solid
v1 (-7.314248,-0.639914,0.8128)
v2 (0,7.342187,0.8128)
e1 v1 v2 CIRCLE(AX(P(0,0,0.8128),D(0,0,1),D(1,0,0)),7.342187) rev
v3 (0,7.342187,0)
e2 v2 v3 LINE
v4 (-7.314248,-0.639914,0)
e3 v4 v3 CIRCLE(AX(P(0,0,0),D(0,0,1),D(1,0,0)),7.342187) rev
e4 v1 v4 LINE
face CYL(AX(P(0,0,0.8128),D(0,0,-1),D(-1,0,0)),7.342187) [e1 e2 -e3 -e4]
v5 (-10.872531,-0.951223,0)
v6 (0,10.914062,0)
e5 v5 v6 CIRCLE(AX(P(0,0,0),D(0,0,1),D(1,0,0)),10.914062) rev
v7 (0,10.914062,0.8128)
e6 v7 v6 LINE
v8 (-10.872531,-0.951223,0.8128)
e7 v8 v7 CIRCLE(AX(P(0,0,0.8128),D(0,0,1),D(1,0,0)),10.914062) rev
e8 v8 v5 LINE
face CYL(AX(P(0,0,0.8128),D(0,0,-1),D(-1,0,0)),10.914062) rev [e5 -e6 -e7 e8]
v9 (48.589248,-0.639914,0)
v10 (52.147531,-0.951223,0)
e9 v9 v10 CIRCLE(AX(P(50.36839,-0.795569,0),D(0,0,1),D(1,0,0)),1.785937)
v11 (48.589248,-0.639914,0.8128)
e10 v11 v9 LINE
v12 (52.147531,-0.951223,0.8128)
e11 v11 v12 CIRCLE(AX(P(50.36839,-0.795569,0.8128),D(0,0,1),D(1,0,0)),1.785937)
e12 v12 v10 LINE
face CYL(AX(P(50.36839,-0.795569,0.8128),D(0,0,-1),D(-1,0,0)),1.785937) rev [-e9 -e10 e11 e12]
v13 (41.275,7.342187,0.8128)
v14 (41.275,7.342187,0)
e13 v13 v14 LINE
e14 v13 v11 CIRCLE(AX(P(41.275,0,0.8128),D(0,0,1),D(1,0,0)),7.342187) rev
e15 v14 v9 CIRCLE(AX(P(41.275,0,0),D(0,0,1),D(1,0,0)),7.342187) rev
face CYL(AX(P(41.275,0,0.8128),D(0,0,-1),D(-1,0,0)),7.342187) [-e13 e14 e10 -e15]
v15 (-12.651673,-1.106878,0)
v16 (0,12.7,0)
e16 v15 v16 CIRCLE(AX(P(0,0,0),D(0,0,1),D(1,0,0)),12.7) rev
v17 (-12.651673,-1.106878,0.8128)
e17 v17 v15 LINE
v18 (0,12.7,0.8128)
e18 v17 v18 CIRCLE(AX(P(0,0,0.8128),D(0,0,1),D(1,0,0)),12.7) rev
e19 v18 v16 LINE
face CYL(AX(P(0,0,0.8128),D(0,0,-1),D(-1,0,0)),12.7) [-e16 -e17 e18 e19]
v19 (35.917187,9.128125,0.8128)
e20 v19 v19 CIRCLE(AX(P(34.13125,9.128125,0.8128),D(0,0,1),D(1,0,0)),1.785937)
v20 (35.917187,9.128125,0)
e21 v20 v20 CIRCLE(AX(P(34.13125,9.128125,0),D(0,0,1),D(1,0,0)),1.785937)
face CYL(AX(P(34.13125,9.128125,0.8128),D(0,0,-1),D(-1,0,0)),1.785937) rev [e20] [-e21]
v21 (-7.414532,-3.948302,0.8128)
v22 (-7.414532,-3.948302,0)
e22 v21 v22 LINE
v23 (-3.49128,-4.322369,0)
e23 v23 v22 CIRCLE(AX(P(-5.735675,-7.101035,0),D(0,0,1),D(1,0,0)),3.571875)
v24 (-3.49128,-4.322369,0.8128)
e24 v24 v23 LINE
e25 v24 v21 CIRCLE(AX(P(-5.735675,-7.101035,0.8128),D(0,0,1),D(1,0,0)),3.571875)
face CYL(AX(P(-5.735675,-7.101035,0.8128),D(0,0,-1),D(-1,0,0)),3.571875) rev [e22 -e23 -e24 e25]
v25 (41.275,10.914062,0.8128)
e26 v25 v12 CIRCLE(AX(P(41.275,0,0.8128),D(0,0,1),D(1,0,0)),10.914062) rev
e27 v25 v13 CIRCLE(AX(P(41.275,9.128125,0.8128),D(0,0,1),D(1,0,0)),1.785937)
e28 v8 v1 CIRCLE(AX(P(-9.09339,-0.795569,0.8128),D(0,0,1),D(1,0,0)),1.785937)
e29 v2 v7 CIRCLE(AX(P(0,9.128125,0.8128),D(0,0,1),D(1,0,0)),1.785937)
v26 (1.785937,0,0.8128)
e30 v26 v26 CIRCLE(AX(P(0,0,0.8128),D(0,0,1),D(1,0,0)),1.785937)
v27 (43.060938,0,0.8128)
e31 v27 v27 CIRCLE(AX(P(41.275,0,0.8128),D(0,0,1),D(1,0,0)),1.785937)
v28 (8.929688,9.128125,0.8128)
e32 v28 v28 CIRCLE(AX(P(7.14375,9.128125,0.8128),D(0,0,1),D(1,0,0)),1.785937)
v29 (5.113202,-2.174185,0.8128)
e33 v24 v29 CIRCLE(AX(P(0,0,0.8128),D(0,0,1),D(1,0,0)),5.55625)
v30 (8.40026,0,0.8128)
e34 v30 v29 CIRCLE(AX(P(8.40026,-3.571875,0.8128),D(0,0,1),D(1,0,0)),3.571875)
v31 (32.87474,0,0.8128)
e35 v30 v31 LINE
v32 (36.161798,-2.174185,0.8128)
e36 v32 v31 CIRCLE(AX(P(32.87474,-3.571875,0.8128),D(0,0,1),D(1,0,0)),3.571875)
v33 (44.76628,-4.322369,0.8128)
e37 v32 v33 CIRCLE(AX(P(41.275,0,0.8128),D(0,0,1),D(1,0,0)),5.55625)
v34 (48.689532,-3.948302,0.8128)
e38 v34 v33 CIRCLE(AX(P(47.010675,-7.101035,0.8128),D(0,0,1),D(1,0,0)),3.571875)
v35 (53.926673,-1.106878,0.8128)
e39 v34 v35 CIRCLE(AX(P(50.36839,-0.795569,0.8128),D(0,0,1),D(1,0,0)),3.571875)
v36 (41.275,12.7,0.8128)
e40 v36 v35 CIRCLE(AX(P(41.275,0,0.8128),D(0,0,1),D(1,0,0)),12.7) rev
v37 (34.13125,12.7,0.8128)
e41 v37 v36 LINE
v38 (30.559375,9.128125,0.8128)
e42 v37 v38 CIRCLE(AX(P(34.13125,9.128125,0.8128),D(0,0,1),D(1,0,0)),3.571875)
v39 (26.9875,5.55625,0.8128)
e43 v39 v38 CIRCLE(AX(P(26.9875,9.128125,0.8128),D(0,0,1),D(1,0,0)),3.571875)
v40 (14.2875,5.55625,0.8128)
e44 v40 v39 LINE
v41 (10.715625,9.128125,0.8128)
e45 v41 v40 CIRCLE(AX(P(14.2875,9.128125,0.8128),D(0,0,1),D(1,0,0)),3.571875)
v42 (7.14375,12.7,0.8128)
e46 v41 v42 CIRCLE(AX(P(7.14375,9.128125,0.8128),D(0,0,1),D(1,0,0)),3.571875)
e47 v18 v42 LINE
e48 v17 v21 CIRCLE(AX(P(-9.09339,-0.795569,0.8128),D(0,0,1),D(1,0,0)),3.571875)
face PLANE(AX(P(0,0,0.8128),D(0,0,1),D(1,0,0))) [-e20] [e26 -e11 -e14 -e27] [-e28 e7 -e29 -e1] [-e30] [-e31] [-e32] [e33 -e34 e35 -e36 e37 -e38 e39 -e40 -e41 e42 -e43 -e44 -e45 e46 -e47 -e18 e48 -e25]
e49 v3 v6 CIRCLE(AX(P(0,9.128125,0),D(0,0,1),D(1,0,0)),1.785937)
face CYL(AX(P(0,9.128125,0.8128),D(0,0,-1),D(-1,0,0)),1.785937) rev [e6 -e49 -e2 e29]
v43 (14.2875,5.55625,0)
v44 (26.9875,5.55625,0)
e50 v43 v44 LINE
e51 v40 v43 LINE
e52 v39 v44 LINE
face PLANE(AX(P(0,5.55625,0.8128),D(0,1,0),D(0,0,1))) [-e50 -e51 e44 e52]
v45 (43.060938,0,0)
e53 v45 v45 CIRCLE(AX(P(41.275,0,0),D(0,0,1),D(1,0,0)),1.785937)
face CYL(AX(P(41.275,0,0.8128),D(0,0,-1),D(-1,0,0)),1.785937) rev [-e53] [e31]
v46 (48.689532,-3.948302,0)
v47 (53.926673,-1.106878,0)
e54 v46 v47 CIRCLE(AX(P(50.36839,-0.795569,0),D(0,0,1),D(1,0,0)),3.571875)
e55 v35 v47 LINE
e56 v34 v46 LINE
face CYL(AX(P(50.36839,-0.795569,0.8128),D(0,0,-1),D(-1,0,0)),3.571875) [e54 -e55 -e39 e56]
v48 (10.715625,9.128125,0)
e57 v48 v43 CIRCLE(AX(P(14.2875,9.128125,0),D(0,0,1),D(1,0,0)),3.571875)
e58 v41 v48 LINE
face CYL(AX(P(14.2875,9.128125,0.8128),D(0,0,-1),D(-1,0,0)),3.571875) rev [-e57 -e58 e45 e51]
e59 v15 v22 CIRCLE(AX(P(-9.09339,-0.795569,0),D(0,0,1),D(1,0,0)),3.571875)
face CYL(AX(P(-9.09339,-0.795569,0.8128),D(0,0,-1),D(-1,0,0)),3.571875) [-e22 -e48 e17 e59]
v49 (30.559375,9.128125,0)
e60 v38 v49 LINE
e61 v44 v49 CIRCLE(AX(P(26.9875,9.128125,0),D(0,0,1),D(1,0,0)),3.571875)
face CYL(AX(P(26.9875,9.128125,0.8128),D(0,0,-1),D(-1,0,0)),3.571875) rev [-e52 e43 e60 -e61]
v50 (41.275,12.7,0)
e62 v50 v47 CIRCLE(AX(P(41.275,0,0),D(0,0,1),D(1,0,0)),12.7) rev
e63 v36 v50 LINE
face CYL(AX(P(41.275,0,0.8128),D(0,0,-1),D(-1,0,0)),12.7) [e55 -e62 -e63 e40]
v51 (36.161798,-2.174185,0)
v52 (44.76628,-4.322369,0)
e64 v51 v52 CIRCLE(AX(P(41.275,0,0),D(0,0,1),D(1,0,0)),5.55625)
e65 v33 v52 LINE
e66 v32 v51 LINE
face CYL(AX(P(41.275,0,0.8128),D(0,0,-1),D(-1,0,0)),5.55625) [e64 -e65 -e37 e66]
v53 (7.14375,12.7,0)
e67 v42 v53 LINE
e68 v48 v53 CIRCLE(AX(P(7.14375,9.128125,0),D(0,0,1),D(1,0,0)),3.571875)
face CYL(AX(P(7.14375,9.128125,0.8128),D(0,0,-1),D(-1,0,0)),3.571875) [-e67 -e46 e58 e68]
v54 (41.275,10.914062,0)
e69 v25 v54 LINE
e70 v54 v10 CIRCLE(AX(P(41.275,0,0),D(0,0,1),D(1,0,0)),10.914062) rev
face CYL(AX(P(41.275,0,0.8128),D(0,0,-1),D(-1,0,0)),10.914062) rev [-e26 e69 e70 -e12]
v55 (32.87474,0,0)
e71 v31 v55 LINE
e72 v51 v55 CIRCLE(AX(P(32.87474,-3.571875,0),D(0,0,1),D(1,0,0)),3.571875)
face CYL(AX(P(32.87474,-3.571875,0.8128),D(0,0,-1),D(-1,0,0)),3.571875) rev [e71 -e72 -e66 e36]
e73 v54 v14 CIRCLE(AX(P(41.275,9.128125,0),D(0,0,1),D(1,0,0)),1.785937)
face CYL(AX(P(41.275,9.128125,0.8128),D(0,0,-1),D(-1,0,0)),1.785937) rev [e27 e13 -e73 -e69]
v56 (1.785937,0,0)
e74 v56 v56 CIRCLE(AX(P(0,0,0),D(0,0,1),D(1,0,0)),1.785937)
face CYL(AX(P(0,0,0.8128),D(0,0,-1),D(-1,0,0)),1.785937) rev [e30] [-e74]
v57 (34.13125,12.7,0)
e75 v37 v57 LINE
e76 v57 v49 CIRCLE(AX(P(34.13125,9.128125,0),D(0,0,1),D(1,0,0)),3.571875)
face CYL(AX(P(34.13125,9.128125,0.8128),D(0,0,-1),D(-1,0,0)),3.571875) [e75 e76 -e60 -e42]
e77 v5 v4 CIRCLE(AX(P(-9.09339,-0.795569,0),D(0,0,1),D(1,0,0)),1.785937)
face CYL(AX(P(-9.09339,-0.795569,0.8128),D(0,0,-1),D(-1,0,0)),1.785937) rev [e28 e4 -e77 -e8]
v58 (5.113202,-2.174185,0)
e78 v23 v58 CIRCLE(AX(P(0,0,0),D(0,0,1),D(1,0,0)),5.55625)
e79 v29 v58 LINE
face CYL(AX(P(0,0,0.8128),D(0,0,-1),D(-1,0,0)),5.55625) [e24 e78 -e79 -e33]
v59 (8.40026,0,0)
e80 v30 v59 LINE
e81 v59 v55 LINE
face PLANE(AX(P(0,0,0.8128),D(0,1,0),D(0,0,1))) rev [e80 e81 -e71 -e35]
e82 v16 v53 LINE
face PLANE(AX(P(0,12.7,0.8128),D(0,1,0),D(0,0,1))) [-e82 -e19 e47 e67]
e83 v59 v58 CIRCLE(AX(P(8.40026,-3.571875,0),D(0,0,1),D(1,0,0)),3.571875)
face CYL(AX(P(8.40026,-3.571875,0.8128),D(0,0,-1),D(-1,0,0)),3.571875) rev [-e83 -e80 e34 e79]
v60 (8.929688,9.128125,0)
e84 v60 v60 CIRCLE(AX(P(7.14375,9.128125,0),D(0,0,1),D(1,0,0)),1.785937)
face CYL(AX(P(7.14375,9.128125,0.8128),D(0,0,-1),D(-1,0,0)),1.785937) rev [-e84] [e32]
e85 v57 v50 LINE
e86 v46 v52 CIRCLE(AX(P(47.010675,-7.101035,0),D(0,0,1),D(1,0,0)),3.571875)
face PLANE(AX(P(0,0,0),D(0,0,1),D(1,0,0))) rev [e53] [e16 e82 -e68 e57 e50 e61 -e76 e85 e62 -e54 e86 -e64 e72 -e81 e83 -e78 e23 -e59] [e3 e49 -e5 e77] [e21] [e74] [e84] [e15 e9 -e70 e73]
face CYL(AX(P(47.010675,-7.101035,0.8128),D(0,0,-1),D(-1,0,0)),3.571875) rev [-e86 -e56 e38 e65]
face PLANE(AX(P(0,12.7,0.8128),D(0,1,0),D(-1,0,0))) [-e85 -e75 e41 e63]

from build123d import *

# Parameters (mm, degrees)
SKETCH1_R           = 1.7859375
BOSS_EXTRUDE1_DEPTH = 0.8128


with BuildPart() as part:
    # Sketch1 → Boss-Extrude1 (new body)
    with BuildSketch(Plane.XY):
        with BuildLine():
            ThreePointArc((5.113201945, -2.174184888), (6.429738065, -0.592725341), (8.400260413, 0))
            Line((8.400260413, 0), (32.874739587, 0))
            ThreePointArc((32.874739587, 0), (34.845261898, -0.592725316), (36.161798019, -2.174184805))
            ThreePointArc((36.161798019, -2.174184805), (39.929142732, -5.390786796), (44.766280182, -4.322369345))
            ThreePointArc((44.766280182, -4.322369345), (46.671647173, -3.545286328), (48.689532151, -3.948301971))
            ThreePointArc((48.689532151, -3.948301971), (52.071763604, -3.935123969), (53.926672666, -1.106877933))
            ThreePointArc((53.926672666, -1.106877933), (50.638422177, 8.579995637), (41.275, 12.7))
            Line((41.275, 12.7), (34.13125, 12.7))
            ThreePointArc((34.13125, 12.7), (31.605552966, 11.653822034), (30.559375, 9.128125))
            ThreePointArc((30.559375, 9.128125), (29.513197034, 6.602427966), (26.9875, 5.55625))
            Line((26.9875, 5.55625), (14.2875, 5.55625))
            ThreePointArc((14.2875, 5.55625), (11.761802966, 6.602427966), (10.715625, 9.128125))
            ThreePointArc((10.715625, 9.128125), (9.669447034, 11.653822034), (7.14375, 12.7))
            Line((7.14375, 12.7), (0, 12.7))
            ThreePointArc((0, 12.7), (-9.363422177, 8.579995637), (-12.651672666, -1.106877933))
            ThreePointArc((-12.651672666, -1.106877933), (-10.796763578, -3.935123983), (-7.414532098, -3.948301943))
            ThreePointArc((-7.414532098, -3.948301943), (-5.396647132, -3.545286332), (-3.491280162, -4.322369361))
            ThreePointArc((-3.491280162, -4.322369361), (1.345857236, -5.390786804), (5.113201945, -2.174184888))
        make_face()
        with BuildLine():
            ThreePointArc((52.147531197, -0.951223224), (50.212735019, -2.574709983), (48.58924826, -0.639913805))
            ThreePointArc((48.58924826, -0.639913805), (46.688228446, 4.960309977), (41.275, 7.3421875))
            ThreePointArc((41.275, 7.3421875), (39.4890625, 9.128125), (41.275, 10.9140625))
            ThreePointArc((41.275, 10.9140625), (49.321690934, 7.37343375), (52.147531197, -0.951223224))
        make_face(mode=Mode.SUBTRACT)
        with BuildLine():
            ThreePointArc((0, 10.9140625), (1.7859375, 9.128125), (0, 7.3421875))
            ThreePointArc((0, 7.3421875), (-5.413228446, 4.960309977), (-7.31424826, -0.639913805))
            ThreePointArc((-7.31424826, -0.639913805), (-8.937735019, -2.574709983), (-10.872531197, -0.951223224))
            ThreePointArc((-10.872531197, -0.951223224), (-8.046690934, 7.37343375), (0, 10.9140625))
        make_face(mode=Mode.SUBTRACT)
        Circle(SKETCH1_R, mode=Mode.SUBTRACT)
        with Locations((41.275, 0)):
            Circle(SKETCH1_R, mode=Mode.SUBTRACT)
        with Locations((7.14375, 9.128125)):
            Circle(SKETCH1_R, mode=Mode.SUBTRACT)
        with Locations((34.13125, 9.128125)):
            Circle(SKETCH1_R, mode=Mode.SUBTRACT)
    extrude(amount=BOSS_EXTRUDE1_DEPTH)


solid = part.part
